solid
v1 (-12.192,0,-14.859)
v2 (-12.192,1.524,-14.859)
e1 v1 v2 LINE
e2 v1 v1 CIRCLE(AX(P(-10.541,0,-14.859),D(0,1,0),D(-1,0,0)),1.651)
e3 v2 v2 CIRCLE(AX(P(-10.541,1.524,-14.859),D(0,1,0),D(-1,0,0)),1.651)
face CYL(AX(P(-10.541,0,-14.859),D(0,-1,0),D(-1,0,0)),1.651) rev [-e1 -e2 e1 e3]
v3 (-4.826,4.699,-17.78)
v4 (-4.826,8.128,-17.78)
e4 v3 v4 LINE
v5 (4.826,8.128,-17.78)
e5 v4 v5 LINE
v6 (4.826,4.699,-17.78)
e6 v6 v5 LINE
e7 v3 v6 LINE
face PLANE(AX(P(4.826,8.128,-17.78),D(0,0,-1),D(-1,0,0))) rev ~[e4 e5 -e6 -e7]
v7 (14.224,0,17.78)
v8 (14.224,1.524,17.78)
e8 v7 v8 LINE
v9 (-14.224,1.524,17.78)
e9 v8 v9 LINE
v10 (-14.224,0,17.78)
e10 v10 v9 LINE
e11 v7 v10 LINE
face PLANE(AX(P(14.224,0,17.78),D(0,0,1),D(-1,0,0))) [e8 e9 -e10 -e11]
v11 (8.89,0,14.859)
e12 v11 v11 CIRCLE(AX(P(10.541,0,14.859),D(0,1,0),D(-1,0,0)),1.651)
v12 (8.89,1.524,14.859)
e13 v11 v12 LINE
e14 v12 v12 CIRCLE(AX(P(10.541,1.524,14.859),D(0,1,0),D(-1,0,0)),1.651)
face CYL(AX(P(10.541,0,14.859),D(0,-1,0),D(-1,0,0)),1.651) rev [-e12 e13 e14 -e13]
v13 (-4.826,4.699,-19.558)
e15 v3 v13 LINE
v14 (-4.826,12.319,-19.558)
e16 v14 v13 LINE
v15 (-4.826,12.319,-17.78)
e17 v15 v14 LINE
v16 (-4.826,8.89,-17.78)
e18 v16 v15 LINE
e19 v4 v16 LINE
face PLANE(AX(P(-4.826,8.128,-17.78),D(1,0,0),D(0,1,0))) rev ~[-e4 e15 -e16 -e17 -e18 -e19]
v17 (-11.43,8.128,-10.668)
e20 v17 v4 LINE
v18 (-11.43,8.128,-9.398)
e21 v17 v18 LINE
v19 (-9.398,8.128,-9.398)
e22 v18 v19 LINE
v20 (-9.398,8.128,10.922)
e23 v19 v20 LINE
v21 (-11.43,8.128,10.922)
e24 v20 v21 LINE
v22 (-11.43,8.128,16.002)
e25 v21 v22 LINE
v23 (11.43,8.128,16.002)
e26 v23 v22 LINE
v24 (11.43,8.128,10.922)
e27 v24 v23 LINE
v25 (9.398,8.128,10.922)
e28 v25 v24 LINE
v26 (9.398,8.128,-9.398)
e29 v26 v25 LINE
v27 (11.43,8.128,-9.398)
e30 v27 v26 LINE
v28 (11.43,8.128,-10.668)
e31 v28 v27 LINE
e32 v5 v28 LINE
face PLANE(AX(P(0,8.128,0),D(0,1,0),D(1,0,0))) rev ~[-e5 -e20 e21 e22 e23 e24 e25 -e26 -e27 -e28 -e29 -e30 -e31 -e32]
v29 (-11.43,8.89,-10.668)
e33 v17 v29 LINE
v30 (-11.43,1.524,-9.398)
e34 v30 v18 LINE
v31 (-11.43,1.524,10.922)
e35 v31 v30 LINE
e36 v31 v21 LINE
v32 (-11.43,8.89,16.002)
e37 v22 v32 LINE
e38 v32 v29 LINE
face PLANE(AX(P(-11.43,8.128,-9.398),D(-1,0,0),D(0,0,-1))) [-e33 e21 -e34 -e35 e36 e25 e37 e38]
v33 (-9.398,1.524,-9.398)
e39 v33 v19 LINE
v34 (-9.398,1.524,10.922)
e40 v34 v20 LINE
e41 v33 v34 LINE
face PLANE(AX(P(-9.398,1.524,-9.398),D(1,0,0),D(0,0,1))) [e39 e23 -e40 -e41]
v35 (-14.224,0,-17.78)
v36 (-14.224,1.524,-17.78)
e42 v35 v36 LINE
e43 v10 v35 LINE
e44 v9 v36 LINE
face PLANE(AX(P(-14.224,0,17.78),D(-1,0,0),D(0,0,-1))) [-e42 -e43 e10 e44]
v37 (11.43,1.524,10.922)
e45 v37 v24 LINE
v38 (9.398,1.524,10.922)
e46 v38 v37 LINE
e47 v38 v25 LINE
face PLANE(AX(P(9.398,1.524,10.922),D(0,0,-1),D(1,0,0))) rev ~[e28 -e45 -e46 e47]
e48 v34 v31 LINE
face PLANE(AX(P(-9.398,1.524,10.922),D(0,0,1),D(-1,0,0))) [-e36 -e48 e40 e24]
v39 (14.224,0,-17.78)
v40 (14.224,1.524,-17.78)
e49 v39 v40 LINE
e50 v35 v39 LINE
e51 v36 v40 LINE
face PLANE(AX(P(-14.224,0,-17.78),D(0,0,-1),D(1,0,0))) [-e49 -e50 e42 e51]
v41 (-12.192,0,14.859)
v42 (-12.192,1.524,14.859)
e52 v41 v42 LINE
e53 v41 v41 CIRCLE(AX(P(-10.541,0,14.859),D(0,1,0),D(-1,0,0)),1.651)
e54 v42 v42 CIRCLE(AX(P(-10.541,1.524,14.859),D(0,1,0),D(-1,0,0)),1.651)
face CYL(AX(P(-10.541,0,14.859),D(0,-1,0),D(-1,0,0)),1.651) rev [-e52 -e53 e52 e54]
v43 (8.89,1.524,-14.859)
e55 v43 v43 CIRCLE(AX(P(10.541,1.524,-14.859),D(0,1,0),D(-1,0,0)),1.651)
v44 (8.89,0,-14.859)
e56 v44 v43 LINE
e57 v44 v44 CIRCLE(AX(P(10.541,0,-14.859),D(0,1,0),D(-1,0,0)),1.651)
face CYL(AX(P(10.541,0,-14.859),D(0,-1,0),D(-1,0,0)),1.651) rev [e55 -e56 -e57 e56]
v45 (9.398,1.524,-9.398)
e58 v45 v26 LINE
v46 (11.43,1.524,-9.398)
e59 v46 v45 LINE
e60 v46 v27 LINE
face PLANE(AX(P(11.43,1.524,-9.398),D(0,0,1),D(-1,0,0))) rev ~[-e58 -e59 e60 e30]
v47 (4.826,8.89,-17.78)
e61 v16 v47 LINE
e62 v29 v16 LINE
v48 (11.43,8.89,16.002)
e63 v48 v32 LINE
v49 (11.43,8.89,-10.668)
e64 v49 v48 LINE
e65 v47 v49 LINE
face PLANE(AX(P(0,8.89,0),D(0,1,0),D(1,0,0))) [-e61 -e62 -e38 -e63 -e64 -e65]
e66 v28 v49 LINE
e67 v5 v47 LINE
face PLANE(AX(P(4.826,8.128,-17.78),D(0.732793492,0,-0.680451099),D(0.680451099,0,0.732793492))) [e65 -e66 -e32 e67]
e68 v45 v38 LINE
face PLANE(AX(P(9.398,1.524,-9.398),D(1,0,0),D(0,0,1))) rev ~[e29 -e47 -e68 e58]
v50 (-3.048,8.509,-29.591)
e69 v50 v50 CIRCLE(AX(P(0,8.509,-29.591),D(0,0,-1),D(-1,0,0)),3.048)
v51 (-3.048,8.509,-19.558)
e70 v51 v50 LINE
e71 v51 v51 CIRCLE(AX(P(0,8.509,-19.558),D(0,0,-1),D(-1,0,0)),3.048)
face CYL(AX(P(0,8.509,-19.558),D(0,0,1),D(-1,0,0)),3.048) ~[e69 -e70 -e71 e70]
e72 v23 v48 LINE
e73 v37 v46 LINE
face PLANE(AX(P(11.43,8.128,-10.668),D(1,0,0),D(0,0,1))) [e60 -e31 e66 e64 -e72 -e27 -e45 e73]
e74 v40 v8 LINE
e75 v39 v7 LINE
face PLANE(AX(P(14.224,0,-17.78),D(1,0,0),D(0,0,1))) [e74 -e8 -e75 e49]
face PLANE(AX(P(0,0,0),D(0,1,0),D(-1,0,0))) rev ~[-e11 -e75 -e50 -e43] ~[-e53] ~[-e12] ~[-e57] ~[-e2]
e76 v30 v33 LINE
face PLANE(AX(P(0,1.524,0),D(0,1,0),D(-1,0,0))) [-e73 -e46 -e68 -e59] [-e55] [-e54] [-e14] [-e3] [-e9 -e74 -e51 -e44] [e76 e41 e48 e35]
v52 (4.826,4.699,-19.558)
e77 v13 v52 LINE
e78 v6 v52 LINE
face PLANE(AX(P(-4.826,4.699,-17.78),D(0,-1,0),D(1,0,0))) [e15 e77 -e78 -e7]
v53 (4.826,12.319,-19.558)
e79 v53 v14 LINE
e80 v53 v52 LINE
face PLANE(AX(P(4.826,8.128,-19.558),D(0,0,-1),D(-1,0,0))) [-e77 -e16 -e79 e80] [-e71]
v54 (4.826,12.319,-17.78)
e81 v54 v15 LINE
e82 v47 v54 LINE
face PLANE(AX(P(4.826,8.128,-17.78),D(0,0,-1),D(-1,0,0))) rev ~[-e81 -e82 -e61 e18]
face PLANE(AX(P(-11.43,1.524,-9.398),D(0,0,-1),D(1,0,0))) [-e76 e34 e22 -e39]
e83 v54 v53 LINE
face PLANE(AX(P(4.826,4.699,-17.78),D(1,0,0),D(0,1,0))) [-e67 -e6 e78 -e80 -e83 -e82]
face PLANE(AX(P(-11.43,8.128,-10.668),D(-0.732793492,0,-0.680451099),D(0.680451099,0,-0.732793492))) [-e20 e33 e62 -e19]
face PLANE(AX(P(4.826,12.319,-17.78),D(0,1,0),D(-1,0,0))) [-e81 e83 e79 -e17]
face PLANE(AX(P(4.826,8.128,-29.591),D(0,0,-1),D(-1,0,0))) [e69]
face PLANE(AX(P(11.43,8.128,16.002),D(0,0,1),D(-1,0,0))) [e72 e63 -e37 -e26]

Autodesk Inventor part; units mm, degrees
ref_plane "YZ Plane" through (0, 0, 0) normal (1, 0, 0) x (0, 1, 0)
ref_plane "XZ Plane" through (0, 0, 0) normal (0, 1, 0) x (-1, 0, 0)
ref_plane "XY Plane" through (0, 0, 0) normal (0, 0, 1) x (1, 0, 0)
sketch "Sketch2" plane through (0, 0, 0) normal (0, 1, 0) x (-1, 0, 0)
  line L0 (-14.224, 17.78) -> (14.224, 17.78)
  line L1 (14.224, 17.78) -> (14.224, -17.78)
  line L2 (14.224, -17.78) -> (-14.224, -17.78)
  line L3 (-14.224, -17.78) -> (-14.224, 17.78)
  circle A0 centre (-10.541, 14.859) radius 1.651
  circle A1 centre (-10.541, -14.859) radius 1.651
  line L4 (0, 13.208) -> (0, -8.1739) construction
  circle A2 centre (10.541, 14.859) radius 1.651
  circle A3 centre (10.541, -14.859) radius 1.651
  point P0 (0, 0)
  dimension "d0" = 28.448
  dimension "d1" = 35.56
  dimension "d2" = 14.224
  dimension "d3" = 17.78
  dimension "d4" = 3.302
  dimension "d5" = 1.27
  dimension "d6" = 2.032
  dimension "d7" = 3.302
  dimension "d8" = 1.27
  dimension "d9" = 2.032
extrude "Extrusion1" add sketch "Sketch2" along normal blind 1.524
sketch "Sketch3" plane through (0, 1.524, 0) normal (0, 1, 0) x (1, 0, 0)
  line L0 (-14.224, -17.78) -> (-14.224, 17.78) projected
  line L1 (-14.224, 17.78) -> (14.224, 17.78) projected
  line L2 (-11.43, 9.398) -> (-9.398, 9.398)
  line L3 (-9.398, 9.398) -> (-9.398, -10.922)
  line L4 (-9.398, -10.922) -> (-11.43, -10.922)
  line L5 (-11.43, -10.922) -> (-11.43, 9.398)
  line L6 (0, 9.398) -> (0, -9.2858) construction
  line L7 (11.43, 9.398) -> (9.398, 9.398)
  line L8 (9.398, 9.398) -> (9.398, -10.922)
  line L9 (9.398, -10.922) -> (11.43, -10.922)
  line L10 (11.43, -10.922) -> (11.43, 9.398)
  point P0 (0, 0)
  dimension "d12" = 2.032
  dimension "d13" = 20.32
  dimension "d14" = 2.794
  dimension "d15" = 8.382
extrude "Extrusion2" add sketch "Sketch3" along normal blind 6.604
sketch "Sketch4" plane through (0, 8.128, 0) normal (0, 1, 0) x (1, 0, 0)
  line L0 (-9.398, 9.398) -> (-9.398, -10.922) projected
  line L1 (-11.43, 9.398) -> (-9.398, 9.398) projected
  line L2 (-11.43, -10.922) -> (-11.43, 9.398) projected
  line L3 (-9.398, -10.922) -> (-11.43, -10.922) projected
  line L4 (11.43, 10.668) -> (11.43, -16.002)
  line L5 (11.43, -16.002) -> (-11.43, -16.002)
  line L6 (-11.43, -16.002) -> (-11.43, 10.668)
  line L7 (-11.43, 10.668) -> (-4.826, 17.78)
  line L8 (-4.826, 17.78) -> (4.826, 17.78)
  line L9 (-14.224, -17.78) -> (-14.224, 17.78) projected
  line L10 (4.826, 17.78) -> (11.43, 10.668)
  line L11 (-11.43, 5.9569) -> (-11.43, -5.9458) construction
  line L12 (14.224, 17.78) -> (14.224, -17.78) construction
  point P0 (0, 0)
  dimension "d18" = 2.794
  dimension "d19" = 2.794
  dimension "d20" = 5.08
  dimension "d21" = 9.652
  dimension "d23" = 26.67
  dimension "d24" = 42.879
  dimension "d25" = 137.121
  dimension "d26" = 16.8789
  dimension "d27" = 4.9762
extrude "Extrusion3" add sketch "Sketch4" along normal blind 0.762
sketch "Sketch5" plane through (4.826, 8.128, -17.78) normal (0, 0, -1) x (-1, 0, 0)
  line L0 (9.652, 0.762) -> (0, 0.762) projected
  line L1 (0, 0) -> (0, 0.762) projected
  line L2 (9.652, 0) -> (9.652, 0.762) projected
  line L3 (0, 4.191) -> (9.652, 4.191)
  line L4 (9.652, 4.191) -> (9.652, -3.429)
  line L5 (9.652, -3.429) -> (0, -3.429)
  line L6 (0, -3.429) -> (0, 4.191)
  point P0 (4.826, -8.128)
  point P1 (0, 0.381)
  point P2 (9.652, 0.381)
  dimension "d30" = 7.62
  dimension "d31" = 3.429
extrude "Extrusion4" add sketch "Sketch5" along normal blind 1.778
sketch "Sketch6" plane through (4.826, 8.128, -19.558) normal (0, 0, -1) x (-1, 0, 0)
  circle A0 centre (4.826, 0.381) radius 3.048
  line L0 (0, 4.191) -> (9.652, -3.429) construction
  point P0 (4.826, -8.128)
  point P1 (4.826, 0.381)
  dimension "d34" = 6.096
extrude "Extrusion5" add sketch "Sketch6" along normal blind 10.033
properties part number "XBee"
